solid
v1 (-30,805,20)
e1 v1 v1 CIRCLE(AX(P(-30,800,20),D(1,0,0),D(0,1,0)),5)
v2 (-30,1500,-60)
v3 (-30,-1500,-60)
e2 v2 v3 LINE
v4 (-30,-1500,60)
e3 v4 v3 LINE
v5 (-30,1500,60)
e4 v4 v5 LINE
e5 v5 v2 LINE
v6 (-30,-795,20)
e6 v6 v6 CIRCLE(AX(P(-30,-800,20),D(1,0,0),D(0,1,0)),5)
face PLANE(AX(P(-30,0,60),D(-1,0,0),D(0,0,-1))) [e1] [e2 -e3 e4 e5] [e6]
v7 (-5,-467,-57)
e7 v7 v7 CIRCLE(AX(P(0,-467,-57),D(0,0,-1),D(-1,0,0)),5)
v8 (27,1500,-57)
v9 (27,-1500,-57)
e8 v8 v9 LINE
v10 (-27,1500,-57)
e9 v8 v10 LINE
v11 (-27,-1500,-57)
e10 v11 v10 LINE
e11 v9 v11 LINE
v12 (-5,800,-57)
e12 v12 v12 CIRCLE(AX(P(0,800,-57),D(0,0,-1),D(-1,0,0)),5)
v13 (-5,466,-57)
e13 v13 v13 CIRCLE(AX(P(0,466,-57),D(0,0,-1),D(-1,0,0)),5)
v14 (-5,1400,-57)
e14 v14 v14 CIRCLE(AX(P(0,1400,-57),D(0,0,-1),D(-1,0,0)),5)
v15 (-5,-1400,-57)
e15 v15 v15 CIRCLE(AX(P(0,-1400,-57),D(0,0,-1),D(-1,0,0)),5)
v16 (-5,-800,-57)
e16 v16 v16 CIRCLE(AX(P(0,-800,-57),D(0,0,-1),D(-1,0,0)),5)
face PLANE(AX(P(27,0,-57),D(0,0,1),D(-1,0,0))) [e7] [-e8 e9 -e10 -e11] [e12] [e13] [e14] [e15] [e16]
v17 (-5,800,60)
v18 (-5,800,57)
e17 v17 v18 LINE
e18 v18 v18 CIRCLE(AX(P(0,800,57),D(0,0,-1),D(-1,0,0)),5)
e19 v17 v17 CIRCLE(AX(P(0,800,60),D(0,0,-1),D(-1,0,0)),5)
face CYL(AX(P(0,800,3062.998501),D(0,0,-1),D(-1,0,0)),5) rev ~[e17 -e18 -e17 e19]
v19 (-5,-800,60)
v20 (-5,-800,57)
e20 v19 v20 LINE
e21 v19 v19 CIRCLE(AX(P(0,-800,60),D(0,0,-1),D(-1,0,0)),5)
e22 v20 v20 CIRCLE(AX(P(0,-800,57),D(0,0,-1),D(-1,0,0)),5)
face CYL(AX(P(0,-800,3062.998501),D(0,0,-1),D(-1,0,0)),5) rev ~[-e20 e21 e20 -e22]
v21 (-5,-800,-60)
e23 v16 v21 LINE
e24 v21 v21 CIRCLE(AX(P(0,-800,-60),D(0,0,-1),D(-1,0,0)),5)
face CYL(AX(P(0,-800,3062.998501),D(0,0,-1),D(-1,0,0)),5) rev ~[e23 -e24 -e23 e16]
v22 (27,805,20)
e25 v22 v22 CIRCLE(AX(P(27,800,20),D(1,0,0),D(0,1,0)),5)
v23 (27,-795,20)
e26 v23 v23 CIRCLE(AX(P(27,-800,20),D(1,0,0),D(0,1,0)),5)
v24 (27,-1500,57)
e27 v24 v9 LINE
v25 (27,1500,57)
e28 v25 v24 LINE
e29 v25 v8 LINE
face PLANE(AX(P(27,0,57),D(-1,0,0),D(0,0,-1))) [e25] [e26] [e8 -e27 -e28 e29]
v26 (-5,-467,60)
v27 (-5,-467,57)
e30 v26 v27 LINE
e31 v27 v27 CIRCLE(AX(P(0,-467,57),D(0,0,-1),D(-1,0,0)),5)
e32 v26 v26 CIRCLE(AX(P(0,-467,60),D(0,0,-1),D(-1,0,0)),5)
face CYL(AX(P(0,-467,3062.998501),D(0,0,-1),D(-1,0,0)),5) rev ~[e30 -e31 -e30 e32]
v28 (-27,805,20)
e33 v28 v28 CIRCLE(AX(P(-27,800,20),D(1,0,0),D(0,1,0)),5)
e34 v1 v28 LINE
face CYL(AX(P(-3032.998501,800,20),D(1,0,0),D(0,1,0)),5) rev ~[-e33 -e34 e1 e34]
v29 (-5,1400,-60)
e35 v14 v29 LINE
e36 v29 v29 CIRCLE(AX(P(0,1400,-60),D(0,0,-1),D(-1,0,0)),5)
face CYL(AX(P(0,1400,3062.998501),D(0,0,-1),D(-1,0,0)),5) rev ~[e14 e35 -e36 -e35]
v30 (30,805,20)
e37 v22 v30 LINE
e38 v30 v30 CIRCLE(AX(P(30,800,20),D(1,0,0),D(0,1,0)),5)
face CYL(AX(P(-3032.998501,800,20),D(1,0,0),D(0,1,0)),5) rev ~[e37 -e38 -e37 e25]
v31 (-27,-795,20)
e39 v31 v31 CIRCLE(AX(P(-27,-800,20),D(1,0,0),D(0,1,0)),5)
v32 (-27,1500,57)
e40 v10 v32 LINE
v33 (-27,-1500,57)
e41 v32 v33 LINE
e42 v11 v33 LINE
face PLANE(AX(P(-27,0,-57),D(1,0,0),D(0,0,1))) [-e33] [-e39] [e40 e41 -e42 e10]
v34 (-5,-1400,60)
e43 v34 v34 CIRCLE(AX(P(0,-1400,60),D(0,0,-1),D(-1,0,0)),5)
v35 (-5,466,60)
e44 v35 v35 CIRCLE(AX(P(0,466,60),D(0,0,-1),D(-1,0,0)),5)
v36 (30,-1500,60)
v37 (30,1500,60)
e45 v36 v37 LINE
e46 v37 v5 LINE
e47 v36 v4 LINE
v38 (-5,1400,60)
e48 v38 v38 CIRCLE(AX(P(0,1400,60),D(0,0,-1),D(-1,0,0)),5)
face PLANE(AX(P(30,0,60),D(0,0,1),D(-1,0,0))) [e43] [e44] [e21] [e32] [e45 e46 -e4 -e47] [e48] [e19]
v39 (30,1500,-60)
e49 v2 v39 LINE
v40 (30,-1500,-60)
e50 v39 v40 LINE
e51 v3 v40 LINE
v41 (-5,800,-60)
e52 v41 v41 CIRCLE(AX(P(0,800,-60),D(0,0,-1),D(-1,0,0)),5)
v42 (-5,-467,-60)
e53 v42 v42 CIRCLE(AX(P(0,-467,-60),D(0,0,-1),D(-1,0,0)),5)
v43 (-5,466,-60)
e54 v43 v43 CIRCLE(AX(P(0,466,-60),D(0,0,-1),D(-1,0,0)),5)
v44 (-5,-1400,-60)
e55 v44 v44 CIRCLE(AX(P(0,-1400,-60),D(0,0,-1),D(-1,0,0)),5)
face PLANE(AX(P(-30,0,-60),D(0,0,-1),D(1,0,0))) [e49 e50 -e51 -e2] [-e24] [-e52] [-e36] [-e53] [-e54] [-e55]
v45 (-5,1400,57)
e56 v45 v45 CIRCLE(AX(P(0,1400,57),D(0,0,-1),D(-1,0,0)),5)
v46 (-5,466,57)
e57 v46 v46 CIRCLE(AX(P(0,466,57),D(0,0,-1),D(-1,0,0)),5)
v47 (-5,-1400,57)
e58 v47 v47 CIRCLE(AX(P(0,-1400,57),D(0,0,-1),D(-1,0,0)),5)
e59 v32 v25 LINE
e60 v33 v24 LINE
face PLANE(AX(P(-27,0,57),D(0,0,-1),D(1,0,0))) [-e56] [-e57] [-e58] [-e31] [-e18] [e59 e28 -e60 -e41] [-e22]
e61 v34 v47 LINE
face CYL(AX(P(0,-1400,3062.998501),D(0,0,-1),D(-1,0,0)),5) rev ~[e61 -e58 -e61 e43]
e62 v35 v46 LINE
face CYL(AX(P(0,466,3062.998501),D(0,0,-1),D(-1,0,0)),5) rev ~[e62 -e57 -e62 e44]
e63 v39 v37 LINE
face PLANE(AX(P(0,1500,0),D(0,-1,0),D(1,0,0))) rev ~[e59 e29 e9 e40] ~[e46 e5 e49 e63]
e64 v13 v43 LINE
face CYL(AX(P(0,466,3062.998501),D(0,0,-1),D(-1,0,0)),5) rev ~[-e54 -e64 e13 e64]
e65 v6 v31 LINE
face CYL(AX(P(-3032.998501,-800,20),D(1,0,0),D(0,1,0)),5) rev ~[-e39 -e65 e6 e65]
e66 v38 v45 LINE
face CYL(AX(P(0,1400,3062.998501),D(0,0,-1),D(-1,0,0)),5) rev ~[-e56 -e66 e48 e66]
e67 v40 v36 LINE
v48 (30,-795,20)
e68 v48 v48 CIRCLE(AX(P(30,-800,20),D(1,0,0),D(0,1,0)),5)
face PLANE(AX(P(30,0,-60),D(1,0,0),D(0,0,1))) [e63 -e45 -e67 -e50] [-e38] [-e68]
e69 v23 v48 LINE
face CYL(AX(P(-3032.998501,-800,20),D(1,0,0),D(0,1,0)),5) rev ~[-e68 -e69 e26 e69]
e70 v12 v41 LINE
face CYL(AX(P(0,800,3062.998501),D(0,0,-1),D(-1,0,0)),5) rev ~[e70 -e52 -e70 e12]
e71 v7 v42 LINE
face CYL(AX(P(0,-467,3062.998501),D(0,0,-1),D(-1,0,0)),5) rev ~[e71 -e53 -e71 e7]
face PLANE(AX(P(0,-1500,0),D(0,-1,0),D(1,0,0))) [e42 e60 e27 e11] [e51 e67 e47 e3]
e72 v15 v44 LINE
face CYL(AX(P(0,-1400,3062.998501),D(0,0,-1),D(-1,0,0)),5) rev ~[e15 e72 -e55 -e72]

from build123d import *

# Parameters (mm, degrees)
F1_DEPTH = 1500
F3_D     = 10
F5_D     = 10


with BuildPart() as f1:
    # F0 (on Front) → F1 (new body, symmetric)
    with BuildSketch(Plane.XZ):
        Polygon((-30, 60), (-30, 0), (-30, -60), (30, -60), (30, 60), align=None)
        Polygon((-27, 0), (-27, 57), (27, 57), (27, -57), (-27, -57), align=None, mode=Mode.SUBTRACT)
    extrude(amount=F1_DEPTH, both=True)

    # F3 (through all)
    with Locations(Plane.XY.offset(60)):
        with Locations((0, 800), (0, -800), (0, 1400), (0, 466), (0, -467), (0, -1400)):
            Hole(F3_D / 2)

    # F5 (through all)
    with Locations(Plane(origin=(-30, 0, 0), x_dir=(0, -1, 0), z_dir=(-1, 0, 0))):
        with Locations((-800, 20), (800, 20)):
            Hole(F5_D / 2)


solid = f1.part
